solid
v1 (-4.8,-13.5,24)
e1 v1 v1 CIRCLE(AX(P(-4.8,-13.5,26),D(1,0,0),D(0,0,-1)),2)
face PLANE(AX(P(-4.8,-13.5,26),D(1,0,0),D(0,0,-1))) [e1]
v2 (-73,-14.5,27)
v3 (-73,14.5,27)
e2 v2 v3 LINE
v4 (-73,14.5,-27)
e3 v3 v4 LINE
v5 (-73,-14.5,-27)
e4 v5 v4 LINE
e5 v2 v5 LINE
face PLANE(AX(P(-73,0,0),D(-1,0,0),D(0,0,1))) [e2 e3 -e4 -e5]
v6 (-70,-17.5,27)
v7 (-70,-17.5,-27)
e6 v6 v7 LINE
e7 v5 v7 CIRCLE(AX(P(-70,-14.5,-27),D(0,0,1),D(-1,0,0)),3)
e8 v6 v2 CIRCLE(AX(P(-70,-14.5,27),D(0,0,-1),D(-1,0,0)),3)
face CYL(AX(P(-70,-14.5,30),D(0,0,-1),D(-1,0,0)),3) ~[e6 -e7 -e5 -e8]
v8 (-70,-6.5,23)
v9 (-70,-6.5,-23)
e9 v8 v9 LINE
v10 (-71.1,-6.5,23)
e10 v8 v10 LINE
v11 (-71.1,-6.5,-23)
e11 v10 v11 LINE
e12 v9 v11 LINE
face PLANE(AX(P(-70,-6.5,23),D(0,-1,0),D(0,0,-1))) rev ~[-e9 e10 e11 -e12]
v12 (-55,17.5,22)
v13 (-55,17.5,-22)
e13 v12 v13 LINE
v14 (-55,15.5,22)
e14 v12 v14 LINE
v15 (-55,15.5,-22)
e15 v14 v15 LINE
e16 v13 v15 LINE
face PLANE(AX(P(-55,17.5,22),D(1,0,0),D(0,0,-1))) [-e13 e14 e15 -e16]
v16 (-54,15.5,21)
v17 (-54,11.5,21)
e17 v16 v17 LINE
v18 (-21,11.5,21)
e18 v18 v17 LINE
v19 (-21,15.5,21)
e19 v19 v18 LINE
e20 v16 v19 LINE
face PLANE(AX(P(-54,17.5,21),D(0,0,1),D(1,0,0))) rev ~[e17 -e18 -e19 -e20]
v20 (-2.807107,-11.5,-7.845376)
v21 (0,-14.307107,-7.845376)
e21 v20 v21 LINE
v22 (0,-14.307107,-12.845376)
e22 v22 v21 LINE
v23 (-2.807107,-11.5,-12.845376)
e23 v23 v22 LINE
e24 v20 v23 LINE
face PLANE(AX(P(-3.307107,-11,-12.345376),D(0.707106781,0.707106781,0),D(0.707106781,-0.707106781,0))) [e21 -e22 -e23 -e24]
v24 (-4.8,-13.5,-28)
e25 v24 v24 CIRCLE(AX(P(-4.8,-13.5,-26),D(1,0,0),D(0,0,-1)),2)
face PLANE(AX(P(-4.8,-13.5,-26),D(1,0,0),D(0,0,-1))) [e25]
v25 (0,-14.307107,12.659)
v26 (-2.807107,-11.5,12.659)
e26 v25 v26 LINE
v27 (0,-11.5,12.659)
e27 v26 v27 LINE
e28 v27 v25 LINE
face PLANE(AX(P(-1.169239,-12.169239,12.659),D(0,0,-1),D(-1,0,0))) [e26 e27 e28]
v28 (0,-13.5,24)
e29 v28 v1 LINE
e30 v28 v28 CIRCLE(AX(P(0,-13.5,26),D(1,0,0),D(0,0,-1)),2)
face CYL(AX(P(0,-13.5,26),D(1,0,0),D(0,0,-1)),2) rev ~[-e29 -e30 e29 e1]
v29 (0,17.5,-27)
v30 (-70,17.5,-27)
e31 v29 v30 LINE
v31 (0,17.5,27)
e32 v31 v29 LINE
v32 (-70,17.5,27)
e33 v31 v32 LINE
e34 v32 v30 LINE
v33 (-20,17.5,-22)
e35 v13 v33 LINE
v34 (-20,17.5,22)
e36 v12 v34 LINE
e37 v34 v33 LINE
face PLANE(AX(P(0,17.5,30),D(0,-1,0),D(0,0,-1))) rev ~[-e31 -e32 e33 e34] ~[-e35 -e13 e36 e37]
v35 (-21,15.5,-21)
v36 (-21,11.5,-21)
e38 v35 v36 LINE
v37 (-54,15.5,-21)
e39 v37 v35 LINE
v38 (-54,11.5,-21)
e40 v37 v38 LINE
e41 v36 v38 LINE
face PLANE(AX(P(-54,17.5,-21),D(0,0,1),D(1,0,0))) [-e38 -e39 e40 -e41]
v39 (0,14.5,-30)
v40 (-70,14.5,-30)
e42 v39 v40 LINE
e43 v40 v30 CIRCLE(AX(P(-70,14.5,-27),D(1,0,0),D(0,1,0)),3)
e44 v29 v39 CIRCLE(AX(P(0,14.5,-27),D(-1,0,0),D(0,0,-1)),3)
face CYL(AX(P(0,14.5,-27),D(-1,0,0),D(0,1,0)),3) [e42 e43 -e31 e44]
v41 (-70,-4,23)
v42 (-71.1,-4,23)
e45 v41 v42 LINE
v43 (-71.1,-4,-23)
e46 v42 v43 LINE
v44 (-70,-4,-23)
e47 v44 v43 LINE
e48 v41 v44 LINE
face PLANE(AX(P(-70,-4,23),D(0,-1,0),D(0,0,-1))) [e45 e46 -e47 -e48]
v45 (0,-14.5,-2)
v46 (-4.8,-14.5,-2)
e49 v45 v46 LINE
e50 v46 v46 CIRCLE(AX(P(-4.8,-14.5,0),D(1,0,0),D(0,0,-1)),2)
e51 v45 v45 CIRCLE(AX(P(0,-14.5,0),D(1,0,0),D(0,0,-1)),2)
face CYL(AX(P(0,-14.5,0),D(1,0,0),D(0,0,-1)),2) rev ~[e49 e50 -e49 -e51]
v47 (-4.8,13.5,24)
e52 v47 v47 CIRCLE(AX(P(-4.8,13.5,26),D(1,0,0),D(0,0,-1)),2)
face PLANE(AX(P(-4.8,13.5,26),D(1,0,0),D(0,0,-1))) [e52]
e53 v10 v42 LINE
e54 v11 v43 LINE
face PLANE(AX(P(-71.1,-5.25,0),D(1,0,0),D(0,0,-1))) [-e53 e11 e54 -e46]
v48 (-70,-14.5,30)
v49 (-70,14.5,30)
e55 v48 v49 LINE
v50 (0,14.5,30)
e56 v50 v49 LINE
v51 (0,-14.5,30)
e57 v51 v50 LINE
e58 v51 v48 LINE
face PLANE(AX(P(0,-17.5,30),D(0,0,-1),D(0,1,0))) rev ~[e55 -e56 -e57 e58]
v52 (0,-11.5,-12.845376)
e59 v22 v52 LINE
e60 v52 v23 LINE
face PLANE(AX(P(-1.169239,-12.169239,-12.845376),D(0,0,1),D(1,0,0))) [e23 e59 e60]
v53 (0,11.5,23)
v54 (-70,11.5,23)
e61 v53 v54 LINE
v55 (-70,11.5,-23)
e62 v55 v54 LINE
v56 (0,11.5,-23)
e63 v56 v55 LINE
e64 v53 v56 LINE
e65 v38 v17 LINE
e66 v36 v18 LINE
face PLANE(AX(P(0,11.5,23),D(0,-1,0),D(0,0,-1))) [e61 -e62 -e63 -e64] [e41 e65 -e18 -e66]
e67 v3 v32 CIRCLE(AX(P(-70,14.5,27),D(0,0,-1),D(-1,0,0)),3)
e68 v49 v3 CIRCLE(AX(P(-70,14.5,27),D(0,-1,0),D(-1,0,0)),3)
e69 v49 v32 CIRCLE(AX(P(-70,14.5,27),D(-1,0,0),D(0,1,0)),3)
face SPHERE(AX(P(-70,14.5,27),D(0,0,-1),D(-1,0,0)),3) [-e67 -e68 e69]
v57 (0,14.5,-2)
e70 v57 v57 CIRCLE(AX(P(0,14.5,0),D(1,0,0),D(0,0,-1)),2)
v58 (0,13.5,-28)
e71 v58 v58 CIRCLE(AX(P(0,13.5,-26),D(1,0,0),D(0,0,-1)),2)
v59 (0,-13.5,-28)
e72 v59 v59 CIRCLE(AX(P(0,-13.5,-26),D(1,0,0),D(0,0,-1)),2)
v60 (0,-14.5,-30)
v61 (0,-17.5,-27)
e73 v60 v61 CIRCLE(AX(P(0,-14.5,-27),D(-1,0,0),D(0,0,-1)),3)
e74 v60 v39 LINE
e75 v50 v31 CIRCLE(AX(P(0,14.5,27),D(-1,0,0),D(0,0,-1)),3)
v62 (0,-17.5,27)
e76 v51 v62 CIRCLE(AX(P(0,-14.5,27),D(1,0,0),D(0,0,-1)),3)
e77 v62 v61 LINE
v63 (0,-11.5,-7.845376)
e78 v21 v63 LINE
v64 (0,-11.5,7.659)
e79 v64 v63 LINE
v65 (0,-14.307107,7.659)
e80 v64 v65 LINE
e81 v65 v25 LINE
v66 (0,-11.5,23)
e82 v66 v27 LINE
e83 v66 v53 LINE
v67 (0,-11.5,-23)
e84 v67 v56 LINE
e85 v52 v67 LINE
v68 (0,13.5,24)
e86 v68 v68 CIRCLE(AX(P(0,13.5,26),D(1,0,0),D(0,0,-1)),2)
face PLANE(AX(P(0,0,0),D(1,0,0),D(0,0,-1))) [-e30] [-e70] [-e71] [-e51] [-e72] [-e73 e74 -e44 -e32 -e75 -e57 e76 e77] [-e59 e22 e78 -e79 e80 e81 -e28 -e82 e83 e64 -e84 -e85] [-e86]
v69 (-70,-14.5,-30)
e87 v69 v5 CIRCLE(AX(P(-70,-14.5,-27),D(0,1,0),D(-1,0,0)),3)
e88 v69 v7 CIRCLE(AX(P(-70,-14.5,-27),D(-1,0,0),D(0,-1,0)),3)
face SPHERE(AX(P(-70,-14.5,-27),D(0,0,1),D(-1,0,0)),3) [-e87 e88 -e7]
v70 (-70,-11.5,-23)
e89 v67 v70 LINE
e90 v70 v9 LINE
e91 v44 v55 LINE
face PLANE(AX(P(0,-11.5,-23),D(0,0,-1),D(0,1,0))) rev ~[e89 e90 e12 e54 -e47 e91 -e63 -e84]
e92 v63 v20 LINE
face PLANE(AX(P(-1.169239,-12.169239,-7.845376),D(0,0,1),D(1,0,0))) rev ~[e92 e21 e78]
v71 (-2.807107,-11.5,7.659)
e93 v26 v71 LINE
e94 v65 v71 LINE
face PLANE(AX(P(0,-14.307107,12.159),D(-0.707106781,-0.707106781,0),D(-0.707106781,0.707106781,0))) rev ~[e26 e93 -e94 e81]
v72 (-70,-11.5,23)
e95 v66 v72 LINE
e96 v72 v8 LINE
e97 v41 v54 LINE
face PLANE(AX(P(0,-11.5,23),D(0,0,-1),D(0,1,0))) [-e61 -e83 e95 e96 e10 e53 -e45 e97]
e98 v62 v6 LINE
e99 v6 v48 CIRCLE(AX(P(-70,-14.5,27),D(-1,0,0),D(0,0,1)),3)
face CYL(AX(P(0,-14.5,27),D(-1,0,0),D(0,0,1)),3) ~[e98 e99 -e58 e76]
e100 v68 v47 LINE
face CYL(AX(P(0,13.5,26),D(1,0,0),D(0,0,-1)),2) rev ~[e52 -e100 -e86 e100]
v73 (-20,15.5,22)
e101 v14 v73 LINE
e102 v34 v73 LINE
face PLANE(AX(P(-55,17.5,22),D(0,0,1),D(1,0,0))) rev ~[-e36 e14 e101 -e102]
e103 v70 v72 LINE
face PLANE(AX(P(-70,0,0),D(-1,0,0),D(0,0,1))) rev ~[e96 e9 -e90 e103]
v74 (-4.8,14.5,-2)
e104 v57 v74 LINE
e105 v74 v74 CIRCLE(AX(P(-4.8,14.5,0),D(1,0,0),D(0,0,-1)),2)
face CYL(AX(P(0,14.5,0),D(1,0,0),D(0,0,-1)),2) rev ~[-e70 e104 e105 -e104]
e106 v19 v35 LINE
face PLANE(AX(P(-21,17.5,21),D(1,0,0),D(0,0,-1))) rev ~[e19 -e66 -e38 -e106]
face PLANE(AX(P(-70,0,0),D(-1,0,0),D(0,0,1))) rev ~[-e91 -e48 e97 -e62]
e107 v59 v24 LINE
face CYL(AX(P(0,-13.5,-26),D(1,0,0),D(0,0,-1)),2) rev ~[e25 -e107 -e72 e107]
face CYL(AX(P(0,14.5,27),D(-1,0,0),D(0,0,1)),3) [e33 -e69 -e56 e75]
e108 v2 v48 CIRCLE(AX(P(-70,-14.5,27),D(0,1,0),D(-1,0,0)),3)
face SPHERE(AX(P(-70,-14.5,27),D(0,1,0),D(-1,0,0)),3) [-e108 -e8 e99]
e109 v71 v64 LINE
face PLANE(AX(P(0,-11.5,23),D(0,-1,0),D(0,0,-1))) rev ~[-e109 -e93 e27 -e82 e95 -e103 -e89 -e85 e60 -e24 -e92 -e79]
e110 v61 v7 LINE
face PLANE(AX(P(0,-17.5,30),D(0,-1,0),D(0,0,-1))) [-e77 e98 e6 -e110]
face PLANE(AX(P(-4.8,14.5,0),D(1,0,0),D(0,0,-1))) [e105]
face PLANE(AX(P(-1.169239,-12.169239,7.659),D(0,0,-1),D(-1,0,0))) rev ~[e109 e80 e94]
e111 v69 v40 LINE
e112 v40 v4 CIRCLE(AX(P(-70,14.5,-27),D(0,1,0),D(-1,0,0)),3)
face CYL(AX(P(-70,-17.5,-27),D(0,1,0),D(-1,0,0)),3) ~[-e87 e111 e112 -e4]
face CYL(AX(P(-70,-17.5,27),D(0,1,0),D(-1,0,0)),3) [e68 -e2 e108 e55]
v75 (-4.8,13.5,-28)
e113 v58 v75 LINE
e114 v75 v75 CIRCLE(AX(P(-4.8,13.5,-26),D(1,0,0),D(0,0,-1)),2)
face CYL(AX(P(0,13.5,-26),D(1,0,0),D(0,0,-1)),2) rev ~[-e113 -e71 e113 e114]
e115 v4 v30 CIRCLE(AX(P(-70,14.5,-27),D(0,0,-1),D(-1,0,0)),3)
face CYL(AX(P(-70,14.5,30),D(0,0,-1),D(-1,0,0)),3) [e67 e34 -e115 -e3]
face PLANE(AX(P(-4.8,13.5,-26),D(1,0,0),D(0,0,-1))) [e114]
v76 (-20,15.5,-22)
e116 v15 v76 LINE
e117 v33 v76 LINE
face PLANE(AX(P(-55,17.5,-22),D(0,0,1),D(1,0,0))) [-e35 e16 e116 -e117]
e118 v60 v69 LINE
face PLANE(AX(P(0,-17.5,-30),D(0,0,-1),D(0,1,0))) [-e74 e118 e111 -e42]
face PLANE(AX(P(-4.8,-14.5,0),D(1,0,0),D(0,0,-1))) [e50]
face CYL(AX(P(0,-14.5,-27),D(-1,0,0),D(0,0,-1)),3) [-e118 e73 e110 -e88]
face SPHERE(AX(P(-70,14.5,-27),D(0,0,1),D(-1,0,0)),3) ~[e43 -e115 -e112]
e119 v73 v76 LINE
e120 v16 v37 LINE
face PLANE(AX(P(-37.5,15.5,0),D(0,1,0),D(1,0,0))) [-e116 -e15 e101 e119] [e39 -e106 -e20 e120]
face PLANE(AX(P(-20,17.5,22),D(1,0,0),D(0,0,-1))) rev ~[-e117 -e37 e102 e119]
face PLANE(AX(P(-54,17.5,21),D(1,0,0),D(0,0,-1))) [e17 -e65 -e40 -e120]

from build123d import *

# Parameters (mm, degrees)
SKETCH1_W               = 60
SKETCH1_H               = 35
SKETCH1_W_2             = 46
SKETCH1_H_2             = 23
BOSS_EXTRUDE1_DEPTH     = 73
SKETCH2_W               = 46
SKETCH2_H               = 23
BOSS_EXTRUDE2_DEPTH     = 3
SKETCH1_3_R             = 2
CUT_EXTRUDE1_DEPTH      = 4.8
FILLET1_R               = 3
SKETCH3_W               = 46
SKETCH3_H               = 2.5
CUT_EXTRUDE2_DEPTH      = 1.1
SKETCH5_W               = 33
SKETCH5_H               = 42
CUT_EXTRUDE5_DEPTH      = 10
SKETCH5_3_W             = 35
SKETCH5_3_H             = 44
SKETCH5_3_W_2           = 33
SKETCH5_3_H_2           = 42
CUT_EXTRUDE6_DEPTH      = 2
CUT_EXTRUDE8_DEPTH      = 0.5
CUT_EXTRUDE8_DEPTH_BACK = 4.5
CUT_EXTRUDE9_DEPTH      = 0.5
CUT_EXTRUDE9_DEPTH_BACK = 4.5


with BuildPart() as part:
    # Sketch1 → Boss-Extrude1 (new body)
    with BuildSketch(Plane(origin=(0, 0, 0), x_dir=(0, 0, -1), z_dir=(1, 0, 0))):
        Rectangle(SKETCH1_W, SKETCH1_H)
        Rectangle(SKETCH1_W_2, SKETCH1_H_2, mode=Mode.SUBTRACT)
    extrude(amount=-BOSS_EXTRUDE1_DEPTH)

    # Sketch2 → Boss-Extrude2 (add)
    with BuildSketch(Plane.ZY.offset(73)):
        Rectangle(SKETCH2_W, SKETCH2_H)
    extrude(amount=-BOSS_EXTRUDE2_DEPTH)

    # Sketch1<3> → Cut-Extrude1 (cut)
    with BuildSketch(Plane(origin=(0, 0, 0), x_dir=(0, 0, -1), z_dir=(1, 0, 0))):
        with Locations((-26, 13.5)):
            Circle(SKETCH1_3_R)
        with Locations((0, 14.5)):
            Circle(SKETCH1_3_R)
        with Locations((26, 13.5)):
            Circle(SKETCH1_3_R)
        with Locations((0, -14.5)):
            Circle(SKETCH1_3_R)
        with Locations((-26, -13.5)):
            Circle(SKETCH1_3_R)
        with Locations((26, -13.5)):
            Circle(SKETCH1_3_R)
    extrude(amount=-CUT_EXTRUDE1_DEPTH, mode=Mode.SUBTRACT)

    # Fillet1
    fillet1_edges = [part.edges().sort_by_distance(p)[0] for p in [
        (-73, 17.5, 0),
        (-73, 0, 30),
        (-73, -17.5, 0),
        (-73, 0, -30),
        (-36.5, -17.5, 30),
        (-36.5, 17.5, 30),
        (-36.5, 17.5, -30),
        (-36.5, -17.5, -30),
    ]]
    fillet(fillet1_edges, radius=FILLET1_R)

    # Sketch3 → Cut-Extrude2 (cut)
    with BuildSketch(Plane(origin=(-70, 0, 0), x_dir=(0, 0, -1), z_dir=(1, 0, 0))):
        with Locations((0, -5.25)):
            Rectangle(SKETCH3_W, SKETCH3_H)
    extrude(amount=-CUT_EXTRUDE2_DEPTH, mode=Mode.SUBTRACT)

    # Sketch5 → Cut-Extrude5 (cut)
    with BuildSketch(Plane(origin=(0, 17.5, 0), x_dir=(1, 0, 0), z_dir=(0, 1, 0))):
        with Locations((-37.5, 0)):
            Rectangle(SKETCH5_W, SKETCH5_H)
    extrude(amount=-CUT_EXTRUDE5_DEPTH, mode=Mode.SUBTRACT)

    # Sketch5<3> → Cut-Extrude6 (cut)
    with BuildSketch(Plane(origin=(0, 17.5, 0), x_dir=(1, 0, 0), z_dir=(0, 1, 0))):
        with Locations((-37.5, 0)):
            Rectangle(SKETCH5_3_W, SKETCH5_3_H)
        with Locations((-37.5, 0)):
            Rectangle(SKETCH5_3_W_2, SKETCH5_3_H_2, mode=Mode.SUBTRACT)
    extrude(amount=-CUT_EXTRUDE6_DEPTH, mode=Mode.SUBTRACT)

    # Sketch7 → Cut-Extrude8 (cut, two sides)
    with BuildSketch(Plane.XY.offset(12.159)) as cut_extrude8_sk:
        Polygon((0, -11), (0, -14.307106781), (-3.307106781, -11), align=None)
    extrude(amount=CUT_EXTRUDE8_DEPTH, mode=Mode.SUBTRACT)
    extrude(cut_extrude8_sk.sketch, amount=-CUT_EXTRUDE8_DEPTH_BACK, mode=Mode.SUBTRACT)

    # Sketch8 → Cut-Extrude9 (cut, two sides)
    with BuildSketch(Plane(origin=(0, 0, -12.345376068), x_dir=(-1, 0, 0), z_dir=(0, 0, -1))) as cut_extrude9_sk:
        Polygon((0, -11), (3.307106781, -11), (0, -14.307106781), align=None)
    extrude(amount=CUT_EXTRUDE9_DEPTH, mode=Mode.SUBTRACT)
    extrude(cut_extrude9_sk.sketch, amount=-CUT_EXTRUDE9_DEPTH_BACK, mode=Mode.SUBTRACT)


solid = part.part
